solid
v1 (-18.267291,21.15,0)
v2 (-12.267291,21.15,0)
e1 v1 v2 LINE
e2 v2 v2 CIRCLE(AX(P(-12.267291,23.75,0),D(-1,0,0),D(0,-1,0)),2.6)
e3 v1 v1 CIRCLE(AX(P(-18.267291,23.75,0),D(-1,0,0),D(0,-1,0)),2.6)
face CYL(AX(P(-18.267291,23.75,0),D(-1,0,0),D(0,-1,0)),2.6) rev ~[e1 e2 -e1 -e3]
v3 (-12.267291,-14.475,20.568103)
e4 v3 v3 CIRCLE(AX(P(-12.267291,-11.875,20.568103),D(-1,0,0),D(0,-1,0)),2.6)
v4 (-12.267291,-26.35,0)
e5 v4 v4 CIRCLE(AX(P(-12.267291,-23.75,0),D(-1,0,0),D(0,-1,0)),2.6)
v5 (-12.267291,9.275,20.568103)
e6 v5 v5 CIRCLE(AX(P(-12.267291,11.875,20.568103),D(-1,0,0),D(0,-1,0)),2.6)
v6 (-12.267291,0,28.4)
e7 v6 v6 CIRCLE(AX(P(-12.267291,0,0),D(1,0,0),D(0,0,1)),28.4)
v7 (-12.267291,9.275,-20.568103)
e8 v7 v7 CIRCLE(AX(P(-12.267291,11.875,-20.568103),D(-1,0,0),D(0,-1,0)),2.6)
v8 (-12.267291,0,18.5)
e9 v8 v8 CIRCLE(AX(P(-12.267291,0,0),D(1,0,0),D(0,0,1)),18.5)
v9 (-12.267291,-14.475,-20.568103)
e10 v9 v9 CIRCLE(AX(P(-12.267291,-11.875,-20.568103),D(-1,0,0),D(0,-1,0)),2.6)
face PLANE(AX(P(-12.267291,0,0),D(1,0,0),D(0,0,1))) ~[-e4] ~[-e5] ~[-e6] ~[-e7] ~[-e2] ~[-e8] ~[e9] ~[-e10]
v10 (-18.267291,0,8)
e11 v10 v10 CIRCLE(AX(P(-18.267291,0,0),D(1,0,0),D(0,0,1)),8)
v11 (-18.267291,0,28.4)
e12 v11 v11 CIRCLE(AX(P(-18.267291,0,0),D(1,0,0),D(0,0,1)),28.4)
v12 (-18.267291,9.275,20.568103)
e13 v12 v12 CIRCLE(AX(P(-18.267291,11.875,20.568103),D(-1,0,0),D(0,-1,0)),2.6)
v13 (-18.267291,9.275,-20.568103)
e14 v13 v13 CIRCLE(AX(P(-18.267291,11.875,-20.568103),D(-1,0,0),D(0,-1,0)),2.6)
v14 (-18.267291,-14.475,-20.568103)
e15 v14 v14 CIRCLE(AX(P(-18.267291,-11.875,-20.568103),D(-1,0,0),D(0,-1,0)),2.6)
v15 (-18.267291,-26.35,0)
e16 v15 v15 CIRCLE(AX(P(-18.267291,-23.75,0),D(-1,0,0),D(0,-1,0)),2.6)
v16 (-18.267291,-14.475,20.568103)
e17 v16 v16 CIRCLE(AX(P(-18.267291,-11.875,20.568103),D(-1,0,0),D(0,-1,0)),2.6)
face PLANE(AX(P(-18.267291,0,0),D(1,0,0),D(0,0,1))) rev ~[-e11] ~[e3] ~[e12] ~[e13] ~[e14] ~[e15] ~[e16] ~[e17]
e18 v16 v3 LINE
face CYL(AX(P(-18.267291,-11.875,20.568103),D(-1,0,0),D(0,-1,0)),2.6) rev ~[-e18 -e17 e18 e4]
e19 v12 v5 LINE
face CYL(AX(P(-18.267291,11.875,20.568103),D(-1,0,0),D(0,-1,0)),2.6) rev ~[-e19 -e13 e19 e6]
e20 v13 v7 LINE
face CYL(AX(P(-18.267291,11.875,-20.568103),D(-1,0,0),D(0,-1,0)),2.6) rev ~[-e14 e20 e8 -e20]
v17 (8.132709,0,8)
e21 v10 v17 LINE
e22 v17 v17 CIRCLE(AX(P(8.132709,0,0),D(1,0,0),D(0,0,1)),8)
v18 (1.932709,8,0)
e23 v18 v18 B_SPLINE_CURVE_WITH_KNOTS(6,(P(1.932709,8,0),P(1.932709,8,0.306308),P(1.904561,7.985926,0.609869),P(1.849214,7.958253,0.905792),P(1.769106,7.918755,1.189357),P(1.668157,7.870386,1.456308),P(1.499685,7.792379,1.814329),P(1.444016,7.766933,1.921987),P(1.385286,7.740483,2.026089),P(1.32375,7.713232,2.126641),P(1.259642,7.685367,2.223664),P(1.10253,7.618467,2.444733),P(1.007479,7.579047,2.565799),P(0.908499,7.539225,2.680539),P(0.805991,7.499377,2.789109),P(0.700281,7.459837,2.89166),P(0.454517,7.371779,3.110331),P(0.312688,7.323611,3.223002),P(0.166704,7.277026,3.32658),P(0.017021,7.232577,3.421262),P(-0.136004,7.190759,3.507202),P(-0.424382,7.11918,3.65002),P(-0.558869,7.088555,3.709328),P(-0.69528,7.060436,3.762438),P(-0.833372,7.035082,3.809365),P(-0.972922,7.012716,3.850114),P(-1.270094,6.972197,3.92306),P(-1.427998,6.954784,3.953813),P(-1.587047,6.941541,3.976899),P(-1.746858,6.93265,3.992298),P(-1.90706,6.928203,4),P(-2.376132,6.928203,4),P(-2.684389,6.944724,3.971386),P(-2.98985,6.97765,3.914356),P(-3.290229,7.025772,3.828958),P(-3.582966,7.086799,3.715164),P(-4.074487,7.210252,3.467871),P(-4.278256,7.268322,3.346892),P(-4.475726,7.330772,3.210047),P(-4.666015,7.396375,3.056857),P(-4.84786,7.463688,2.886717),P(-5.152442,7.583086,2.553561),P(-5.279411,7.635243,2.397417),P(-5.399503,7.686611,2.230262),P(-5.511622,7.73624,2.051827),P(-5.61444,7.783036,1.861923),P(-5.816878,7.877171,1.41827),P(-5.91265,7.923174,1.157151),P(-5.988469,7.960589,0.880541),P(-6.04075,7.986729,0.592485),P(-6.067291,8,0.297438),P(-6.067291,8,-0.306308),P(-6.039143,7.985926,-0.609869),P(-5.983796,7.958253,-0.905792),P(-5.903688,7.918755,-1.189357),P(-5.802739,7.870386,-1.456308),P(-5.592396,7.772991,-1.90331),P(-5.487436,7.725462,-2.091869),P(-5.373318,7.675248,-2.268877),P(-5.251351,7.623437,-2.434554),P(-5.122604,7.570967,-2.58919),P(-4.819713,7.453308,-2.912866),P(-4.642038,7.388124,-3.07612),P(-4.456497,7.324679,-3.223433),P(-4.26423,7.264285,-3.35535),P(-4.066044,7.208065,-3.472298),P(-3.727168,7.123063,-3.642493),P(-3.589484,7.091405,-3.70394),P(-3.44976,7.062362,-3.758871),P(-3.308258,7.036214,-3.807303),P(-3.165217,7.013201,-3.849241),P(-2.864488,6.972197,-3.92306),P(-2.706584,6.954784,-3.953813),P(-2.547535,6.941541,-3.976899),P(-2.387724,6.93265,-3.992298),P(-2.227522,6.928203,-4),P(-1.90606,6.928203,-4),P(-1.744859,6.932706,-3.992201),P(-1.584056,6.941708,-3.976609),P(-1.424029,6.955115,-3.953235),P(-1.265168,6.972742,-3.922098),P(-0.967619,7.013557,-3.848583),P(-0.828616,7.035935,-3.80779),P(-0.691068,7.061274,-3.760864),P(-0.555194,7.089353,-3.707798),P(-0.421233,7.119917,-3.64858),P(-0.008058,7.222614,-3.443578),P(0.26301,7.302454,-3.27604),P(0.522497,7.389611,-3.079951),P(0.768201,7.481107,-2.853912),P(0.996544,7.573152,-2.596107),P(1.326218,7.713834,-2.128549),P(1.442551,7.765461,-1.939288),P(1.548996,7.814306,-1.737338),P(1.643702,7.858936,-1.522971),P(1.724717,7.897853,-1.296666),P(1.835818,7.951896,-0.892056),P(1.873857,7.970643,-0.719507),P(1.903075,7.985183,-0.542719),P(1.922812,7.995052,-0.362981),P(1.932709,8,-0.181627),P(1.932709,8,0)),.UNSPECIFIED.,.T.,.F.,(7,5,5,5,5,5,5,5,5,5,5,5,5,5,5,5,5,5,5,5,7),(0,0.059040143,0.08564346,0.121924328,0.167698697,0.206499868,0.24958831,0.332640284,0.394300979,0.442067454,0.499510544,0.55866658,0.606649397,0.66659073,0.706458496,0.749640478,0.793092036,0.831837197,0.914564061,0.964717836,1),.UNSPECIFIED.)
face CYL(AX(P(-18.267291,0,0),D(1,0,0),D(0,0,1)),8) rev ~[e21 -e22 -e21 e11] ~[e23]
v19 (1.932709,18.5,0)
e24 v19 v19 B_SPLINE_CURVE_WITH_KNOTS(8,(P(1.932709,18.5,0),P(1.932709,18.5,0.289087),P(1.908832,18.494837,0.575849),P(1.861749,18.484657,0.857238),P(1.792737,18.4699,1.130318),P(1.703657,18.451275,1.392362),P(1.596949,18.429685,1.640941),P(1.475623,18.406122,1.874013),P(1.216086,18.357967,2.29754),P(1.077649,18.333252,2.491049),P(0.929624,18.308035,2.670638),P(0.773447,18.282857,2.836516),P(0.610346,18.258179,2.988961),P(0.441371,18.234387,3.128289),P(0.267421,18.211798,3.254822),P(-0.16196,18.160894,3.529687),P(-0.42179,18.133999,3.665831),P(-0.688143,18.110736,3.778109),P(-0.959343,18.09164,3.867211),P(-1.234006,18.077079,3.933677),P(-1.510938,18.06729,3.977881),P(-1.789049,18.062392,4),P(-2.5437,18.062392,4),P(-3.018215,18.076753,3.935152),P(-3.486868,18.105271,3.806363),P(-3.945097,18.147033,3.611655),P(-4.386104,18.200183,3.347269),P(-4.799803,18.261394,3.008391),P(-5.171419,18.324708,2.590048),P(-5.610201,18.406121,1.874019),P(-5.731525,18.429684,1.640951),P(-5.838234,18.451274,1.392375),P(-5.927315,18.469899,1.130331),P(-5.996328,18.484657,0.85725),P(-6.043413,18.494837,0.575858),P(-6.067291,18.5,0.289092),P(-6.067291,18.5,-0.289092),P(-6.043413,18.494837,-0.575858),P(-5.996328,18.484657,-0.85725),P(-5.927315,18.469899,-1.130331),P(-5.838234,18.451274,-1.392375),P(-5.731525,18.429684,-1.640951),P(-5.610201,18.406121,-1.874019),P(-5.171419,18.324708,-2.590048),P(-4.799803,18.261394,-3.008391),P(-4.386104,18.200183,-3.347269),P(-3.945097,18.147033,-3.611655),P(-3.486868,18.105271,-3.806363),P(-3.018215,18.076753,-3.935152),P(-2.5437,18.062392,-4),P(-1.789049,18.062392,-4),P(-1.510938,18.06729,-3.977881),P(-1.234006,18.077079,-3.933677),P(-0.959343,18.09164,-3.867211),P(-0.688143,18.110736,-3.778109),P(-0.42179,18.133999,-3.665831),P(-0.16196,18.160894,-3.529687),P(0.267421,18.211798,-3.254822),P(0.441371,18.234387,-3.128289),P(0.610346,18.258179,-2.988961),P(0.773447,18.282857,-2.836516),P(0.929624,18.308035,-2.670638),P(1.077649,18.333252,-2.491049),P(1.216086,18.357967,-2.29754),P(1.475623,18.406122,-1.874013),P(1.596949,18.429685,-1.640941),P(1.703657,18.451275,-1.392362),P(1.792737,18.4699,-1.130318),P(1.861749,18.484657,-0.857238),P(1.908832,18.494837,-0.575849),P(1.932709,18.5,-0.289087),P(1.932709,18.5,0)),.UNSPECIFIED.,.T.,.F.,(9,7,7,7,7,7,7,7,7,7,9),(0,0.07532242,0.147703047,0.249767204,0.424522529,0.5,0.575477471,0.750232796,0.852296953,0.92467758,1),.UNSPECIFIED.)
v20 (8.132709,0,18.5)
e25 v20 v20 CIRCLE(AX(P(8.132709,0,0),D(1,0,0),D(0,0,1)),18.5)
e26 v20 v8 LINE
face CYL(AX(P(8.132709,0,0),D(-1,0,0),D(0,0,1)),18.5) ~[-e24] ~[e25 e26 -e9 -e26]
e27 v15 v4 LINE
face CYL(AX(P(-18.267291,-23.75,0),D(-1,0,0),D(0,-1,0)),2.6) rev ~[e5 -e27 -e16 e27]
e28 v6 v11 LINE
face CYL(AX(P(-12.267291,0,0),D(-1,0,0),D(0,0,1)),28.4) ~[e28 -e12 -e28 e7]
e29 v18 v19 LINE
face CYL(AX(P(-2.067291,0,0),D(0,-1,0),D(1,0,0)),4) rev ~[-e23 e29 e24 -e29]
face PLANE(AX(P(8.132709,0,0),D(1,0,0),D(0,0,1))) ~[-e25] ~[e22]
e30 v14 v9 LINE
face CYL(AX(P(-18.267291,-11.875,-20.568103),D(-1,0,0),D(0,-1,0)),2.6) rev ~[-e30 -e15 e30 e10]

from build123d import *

# Parameters (mm, degrees)
F2_R     = 2.6
F3_DEPTH = 26.401
F4_R     = 4
F5_DEPTH = 28.401


with BuildPart() as f1:
    # F0 (on Front) → F1 (revolve)
    with BuildSketch(Plane.XZ):
        Polygon((-18.267291, 28.4), (-18.267291, 8), (8.132709, 8), (8.132709, 18.5), (-12.267291, 18.5), (-12.267291, 28.4), align=None)
    revolve(axis=Axis((255.325076, 0, 0), (1, 0, 0)))

    # F2 (on face) → F3 (cut, through all)
    with BuildSketch(Plane(origin=(-18.267291, 0, 0), x_dir=(0, -1, 0), z_dir=(-1, 0, 0))):
        with Locations((-23.75, 0)):
            Circle(F2_R)
        with Locations((-11.875, -20.568103)):
            Circle(F2_R)
        with Locations((11.875, -20.568103)):
            Circle(F2_R)
        with Locations((23.75, 0)):
            Circle(F2_R)
        with Locations((11.875, 20.568103)):
            Circle(F2_R)
        with Locations((-11.875, 20.568103)):
            Circle(F2_R)
    extrude(amount=-F3_DEPTH, mode=Mode.SUBTRACT)

    # F4 (on Front) → F5 (cut, through all)
    with BuildSketch(Plane.XZ):
        with Locations((-2.067291, 0)):
            Circle(F4_R)
    extrude(amount=-F5_DEPTH, mode=Mode.SUBTRACT)


solid = f1.part
